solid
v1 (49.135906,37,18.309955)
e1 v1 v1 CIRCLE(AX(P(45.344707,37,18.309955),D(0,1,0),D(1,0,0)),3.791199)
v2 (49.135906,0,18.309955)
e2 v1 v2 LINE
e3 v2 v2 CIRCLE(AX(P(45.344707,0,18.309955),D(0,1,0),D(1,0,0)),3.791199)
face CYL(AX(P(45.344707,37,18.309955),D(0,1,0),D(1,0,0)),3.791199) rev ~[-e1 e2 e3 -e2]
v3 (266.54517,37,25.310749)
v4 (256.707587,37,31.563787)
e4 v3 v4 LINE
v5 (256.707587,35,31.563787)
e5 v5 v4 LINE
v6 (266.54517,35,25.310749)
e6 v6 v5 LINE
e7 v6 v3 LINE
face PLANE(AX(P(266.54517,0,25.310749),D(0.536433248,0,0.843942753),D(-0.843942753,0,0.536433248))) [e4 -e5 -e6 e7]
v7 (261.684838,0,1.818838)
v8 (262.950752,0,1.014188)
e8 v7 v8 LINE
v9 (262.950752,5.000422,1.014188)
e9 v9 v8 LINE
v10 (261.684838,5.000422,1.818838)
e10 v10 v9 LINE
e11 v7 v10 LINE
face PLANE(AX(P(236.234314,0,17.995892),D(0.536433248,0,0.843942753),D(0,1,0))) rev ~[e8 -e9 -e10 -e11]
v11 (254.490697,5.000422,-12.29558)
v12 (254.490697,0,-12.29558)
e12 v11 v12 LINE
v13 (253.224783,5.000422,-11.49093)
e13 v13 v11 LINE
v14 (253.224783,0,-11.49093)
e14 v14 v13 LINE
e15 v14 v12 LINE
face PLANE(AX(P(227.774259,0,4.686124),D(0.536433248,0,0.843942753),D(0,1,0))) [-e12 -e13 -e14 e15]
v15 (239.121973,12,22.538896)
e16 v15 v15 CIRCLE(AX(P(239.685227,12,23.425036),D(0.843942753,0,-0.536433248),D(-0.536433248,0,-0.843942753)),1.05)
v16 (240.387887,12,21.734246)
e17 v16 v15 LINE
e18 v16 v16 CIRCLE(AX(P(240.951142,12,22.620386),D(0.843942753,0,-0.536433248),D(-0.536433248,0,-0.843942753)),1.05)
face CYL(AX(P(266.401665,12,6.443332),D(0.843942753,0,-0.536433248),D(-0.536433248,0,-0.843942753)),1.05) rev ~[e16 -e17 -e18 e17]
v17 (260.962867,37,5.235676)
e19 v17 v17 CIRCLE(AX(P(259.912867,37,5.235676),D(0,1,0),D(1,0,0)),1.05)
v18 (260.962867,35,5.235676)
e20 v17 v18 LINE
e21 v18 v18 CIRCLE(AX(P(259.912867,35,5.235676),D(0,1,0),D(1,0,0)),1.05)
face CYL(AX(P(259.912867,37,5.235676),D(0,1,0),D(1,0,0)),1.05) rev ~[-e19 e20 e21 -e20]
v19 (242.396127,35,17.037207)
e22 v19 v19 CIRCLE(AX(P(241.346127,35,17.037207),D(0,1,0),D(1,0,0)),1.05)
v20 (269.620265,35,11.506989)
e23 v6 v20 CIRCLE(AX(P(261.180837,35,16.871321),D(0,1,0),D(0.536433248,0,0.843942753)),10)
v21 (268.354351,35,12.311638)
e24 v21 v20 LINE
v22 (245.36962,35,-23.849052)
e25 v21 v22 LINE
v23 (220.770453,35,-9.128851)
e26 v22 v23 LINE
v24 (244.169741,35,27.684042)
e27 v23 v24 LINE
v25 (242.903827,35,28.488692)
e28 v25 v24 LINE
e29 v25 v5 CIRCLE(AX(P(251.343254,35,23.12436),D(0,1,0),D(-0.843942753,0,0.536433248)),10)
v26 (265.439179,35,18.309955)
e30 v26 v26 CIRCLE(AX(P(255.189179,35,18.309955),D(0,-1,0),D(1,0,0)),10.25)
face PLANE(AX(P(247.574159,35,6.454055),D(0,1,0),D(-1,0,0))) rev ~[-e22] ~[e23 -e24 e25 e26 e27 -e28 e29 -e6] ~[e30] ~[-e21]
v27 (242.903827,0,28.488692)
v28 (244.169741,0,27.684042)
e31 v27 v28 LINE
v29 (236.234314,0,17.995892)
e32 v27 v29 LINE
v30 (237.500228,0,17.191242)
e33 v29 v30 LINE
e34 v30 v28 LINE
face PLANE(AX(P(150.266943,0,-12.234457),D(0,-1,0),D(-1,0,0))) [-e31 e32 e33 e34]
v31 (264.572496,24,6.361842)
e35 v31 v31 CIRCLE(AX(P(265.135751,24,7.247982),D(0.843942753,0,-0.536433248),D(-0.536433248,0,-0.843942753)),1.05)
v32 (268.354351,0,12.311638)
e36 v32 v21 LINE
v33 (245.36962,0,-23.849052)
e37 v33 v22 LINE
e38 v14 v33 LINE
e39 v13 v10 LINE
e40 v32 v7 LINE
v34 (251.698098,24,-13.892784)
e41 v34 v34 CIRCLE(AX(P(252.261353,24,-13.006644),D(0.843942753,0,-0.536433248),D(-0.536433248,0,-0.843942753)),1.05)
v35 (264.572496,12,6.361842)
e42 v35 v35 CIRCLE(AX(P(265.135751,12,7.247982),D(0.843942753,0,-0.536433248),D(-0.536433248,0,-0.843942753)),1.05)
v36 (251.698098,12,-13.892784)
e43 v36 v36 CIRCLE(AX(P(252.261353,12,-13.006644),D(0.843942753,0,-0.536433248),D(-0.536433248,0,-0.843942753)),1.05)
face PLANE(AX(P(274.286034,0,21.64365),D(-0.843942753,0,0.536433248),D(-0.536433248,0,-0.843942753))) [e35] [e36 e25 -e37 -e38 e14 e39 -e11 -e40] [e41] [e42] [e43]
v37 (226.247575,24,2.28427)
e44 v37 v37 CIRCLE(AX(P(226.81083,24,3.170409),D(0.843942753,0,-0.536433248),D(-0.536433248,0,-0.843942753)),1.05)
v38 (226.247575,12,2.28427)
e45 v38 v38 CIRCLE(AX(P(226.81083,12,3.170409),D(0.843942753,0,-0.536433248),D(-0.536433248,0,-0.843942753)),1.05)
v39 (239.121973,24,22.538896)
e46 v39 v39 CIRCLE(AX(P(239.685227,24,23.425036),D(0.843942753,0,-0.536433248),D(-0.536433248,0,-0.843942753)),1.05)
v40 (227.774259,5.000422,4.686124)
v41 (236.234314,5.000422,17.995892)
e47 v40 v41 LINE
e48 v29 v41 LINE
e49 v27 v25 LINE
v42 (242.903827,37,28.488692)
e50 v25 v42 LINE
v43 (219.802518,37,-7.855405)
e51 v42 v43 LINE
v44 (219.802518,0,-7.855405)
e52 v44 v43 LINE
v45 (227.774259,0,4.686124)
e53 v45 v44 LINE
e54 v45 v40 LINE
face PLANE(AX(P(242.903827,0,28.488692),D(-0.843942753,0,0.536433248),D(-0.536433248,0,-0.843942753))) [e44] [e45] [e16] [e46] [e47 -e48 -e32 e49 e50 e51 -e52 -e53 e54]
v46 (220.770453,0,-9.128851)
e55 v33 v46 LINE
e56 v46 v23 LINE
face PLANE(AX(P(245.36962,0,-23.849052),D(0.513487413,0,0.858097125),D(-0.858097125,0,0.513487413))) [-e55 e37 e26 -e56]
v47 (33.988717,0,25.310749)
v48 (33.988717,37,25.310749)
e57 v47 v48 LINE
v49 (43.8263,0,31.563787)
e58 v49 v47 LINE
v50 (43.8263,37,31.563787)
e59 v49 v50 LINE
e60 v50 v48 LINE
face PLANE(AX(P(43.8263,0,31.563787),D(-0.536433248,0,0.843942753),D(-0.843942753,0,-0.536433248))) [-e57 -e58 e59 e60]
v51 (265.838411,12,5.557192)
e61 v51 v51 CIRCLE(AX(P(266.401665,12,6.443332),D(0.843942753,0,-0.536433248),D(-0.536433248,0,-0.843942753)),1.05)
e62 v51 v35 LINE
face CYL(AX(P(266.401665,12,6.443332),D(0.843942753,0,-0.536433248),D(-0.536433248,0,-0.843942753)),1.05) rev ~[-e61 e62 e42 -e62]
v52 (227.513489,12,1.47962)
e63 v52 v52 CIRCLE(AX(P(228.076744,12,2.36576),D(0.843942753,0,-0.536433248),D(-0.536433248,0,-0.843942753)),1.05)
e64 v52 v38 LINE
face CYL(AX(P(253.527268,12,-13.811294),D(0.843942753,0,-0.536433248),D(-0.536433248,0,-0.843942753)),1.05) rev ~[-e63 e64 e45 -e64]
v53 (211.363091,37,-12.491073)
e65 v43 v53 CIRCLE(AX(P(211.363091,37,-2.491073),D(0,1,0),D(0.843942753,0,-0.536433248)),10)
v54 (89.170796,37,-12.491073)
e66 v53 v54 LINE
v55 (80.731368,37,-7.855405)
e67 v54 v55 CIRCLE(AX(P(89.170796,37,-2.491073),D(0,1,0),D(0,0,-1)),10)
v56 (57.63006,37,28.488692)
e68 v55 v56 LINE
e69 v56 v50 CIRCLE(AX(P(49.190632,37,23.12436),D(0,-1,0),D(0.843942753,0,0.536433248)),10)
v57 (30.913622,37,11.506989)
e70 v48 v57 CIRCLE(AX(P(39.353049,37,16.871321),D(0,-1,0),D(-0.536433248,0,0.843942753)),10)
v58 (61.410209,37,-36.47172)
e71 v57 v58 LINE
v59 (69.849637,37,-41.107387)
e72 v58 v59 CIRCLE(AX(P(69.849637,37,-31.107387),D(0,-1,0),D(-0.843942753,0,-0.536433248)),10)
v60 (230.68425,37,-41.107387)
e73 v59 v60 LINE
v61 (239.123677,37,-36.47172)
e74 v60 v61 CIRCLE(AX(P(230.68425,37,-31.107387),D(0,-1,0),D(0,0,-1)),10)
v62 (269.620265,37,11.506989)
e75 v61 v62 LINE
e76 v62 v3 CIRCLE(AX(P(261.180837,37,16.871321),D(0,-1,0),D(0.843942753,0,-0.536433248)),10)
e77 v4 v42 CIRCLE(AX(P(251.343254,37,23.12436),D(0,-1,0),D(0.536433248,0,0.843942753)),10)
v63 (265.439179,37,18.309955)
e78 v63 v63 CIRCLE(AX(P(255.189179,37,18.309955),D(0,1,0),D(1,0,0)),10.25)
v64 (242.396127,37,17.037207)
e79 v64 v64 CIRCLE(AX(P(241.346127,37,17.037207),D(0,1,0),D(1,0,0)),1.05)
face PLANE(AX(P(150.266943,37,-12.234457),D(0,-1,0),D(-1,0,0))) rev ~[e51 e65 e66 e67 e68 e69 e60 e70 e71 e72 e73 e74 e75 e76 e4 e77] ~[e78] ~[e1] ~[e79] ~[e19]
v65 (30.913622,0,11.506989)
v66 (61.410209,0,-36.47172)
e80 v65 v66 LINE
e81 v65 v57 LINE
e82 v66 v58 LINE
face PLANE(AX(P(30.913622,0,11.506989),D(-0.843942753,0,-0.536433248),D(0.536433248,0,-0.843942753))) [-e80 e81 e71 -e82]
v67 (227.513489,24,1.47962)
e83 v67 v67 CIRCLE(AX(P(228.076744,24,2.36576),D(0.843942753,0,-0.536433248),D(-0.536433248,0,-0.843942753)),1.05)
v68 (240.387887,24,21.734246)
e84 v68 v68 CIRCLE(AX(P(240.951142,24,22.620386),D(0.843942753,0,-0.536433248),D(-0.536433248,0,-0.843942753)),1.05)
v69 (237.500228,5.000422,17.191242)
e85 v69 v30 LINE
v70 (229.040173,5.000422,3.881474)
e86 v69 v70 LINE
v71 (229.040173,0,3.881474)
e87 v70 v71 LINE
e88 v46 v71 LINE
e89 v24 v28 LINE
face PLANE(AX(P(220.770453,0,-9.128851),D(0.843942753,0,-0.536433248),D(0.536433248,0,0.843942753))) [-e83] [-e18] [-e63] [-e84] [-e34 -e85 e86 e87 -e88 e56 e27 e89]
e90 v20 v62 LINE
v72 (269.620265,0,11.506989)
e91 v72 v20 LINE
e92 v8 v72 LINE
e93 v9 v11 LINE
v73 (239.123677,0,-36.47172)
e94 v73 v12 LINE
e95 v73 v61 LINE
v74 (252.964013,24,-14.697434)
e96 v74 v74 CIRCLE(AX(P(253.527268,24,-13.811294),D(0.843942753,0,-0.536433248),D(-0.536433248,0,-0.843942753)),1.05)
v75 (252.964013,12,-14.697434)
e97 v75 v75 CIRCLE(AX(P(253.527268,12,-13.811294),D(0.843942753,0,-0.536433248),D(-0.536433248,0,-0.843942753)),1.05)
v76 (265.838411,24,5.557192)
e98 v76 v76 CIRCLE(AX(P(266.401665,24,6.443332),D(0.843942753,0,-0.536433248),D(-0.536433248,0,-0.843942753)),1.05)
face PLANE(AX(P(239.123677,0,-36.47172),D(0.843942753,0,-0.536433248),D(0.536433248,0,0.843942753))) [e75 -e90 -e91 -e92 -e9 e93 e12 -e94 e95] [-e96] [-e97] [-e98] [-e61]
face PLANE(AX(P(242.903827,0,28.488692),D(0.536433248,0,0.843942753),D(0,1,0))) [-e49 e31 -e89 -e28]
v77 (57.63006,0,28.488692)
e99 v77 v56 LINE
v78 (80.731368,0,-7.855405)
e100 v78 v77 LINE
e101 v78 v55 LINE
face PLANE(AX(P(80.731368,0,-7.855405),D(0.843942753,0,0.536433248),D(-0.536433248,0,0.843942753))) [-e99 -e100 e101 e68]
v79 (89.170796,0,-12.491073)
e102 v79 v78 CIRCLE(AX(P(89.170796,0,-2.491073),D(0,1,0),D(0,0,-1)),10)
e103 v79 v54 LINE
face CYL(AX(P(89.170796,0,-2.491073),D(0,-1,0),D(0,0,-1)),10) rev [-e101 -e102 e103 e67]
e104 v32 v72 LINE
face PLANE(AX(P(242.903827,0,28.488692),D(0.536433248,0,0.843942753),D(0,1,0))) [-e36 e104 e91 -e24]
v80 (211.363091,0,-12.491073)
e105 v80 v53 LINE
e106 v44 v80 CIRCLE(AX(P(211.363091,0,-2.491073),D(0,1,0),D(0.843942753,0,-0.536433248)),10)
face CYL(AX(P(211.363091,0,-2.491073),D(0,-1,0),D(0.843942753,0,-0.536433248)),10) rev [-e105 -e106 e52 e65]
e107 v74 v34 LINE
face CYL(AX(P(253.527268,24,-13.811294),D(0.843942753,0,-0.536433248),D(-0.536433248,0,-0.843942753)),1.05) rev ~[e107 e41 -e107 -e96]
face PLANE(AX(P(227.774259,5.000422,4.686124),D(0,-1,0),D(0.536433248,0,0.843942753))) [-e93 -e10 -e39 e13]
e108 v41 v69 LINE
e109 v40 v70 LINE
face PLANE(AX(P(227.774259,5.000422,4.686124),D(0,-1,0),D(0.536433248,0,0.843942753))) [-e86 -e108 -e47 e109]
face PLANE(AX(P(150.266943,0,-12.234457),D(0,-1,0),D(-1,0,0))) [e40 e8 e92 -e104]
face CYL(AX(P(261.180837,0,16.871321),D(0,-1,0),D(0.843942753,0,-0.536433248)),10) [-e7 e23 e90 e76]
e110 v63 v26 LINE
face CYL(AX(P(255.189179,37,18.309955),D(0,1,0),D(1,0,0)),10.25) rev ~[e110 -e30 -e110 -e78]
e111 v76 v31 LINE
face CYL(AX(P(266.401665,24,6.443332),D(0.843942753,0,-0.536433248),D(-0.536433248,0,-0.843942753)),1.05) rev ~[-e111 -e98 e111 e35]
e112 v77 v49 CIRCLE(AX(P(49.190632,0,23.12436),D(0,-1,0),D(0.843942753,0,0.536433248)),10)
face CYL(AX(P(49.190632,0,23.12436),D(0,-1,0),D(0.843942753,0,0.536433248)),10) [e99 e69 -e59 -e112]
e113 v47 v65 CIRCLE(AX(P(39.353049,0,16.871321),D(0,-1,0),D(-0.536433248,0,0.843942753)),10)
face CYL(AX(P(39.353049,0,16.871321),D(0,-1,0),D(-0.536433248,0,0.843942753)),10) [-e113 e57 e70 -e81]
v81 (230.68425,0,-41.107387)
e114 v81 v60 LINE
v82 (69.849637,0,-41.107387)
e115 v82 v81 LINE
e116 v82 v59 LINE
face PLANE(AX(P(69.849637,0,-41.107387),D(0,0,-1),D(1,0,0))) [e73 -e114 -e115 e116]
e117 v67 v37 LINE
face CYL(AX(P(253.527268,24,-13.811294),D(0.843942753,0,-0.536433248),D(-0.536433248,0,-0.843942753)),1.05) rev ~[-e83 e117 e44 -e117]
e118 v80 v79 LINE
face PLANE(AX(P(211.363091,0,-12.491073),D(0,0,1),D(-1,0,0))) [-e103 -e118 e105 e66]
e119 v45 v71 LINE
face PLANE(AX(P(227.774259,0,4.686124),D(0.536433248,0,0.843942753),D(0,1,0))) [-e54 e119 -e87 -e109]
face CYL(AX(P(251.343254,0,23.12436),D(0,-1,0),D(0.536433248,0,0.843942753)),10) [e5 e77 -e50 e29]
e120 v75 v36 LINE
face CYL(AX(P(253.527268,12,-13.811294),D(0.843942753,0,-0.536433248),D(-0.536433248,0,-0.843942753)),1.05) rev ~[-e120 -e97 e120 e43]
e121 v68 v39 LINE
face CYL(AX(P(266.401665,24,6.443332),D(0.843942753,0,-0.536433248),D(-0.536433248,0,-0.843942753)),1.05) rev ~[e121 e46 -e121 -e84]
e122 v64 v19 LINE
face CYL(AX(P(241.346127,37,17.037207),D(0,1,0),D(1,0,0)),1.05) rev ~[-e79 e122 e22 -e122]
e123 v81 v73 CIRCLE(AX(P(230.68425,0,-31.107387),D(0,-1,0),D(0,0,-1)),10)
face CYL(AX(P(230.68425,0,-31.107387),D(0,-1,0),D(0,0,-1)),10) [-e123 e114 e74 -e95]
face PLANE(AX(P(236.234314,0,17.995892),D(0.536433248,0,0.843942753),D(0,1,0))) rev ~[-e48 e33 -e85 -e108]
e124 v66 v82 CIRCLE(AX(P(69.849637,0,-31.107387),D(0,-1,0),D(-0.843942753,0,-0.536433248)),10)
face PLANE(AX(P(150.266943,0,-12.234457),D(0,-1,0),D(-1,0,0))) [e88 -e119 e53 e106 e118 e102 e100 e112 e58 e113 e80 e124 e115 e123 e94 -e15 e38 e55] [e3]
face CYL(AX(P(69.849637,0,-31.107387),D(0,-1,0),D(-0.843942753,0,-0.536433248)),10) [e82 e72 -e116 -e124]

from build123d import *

# Parameters (mm, degrees)
BOSS_EXTRUDE1_DEPTH = 37
SKETCH3_R           = 10.25
SKETCH3_R_2         = 1.05
SKETCH3_R_3         = 3.79119947
CUT_EXTRUDE1_DEPTH  = 38
CUT_EXTRUDE5_DEPTH  = 35
SKETCH10_R          = 1.05
CUT_EXTRUDE6_DEPTH  = 35
SKETCH15_W          = 15.770937014
SKETCH15_H          = 5.000421699
CUT_EXTRUDE8_DEPTH  = 35
SKETCH17_W          = 10.43544962
SKETCH17_H          = 35
CUT_EXTRUDE10_DEPTH = 38


with BuildPart() as part:
    # Sketch1 → Boss-Extrude1 (new body)
    with BuildSketch(Plane(origin=(0, 0, 0), x_dir=(1, 0, 0), z_dir=(0, 1, 0))):
        with BuildLine():
            Line((30.91362152, -11.506988518), (61.410209359, 36.471719739))
            ThreePointArc((61.410209359, 36.471719739), (65.035248289, 39.872184028), (69.84963689, 41.10738726))
            Line((69.84963689, 41.10738726), (230.684249594, 41.10738726))
            ThreePointArc((230.684249594, 41.10738726), (235.498638195, 39.872184028), (239.123677125, 36.471719739))
            Line((239.123677125, 36.471719739), (269.620264964, -11.506988518))
            ThreePointArc((269.620264964, -11.506988518), (270.941569742, -19.045741561), (266.545169913, -25.310748528))
            Line((266.545169913, -25.310748528), (256.707586966, -31.563787081))
            ThreePointArc((256.707586966, -31.563787081), (249.168833923, -32.885091859), (242.903826956, -28.488692029))
            Line((242.903826956, -28.488692029), (219.802518103, 7.855405338))
            ThreePointArc((219.802518103, 7.855405338), (216.177479173, 11.255869627), (211.363090572, 12.491072858))
            Line((211.363090572, 12.491072858), (89.170795912, 12.491072858))
            ThreePointArc((89.170795912, 12.491072858), (84.356407311, 11.255869627), (80.731368381, 7.855405338))
            Line((80.731368381, 7.855405338), (57.630059528, -28.488692029))
            ThreePointArc((57.630059528, -28.488692029), (51.365052561, -32.885091859), (43.826299518, -31.563787081))
            Line((43.826299518, -31.563787081), (33.988716571, -25.310748528))
            ThreePointArc((33.988716571, -25.310748528), (29.592316741, -19.045741561), (30.91362152, -11.506988518))
        make_face()
    extrude(amount=BOSS_EXTRUDE1_DEPTH)

    # Sketch3 → Cut-Extrude1 (cut, through all)
    with BuildSketch(Plane(origin=(0, 37, 0), x_dir=(1, 0, 0), z_dir=(0, 1, 0))):
        with Locations((255.189179464, -18.309954767)):
            Circle(SKETCH3_R)
        with Locations((259.912867141, -5.235675639)):
            Circle(SKETCH3_R_2)
        with Locations((241.346126573, -17.037207093)):
            Circle(SKETCH3_R_2)
        with Locations((45.34470702, -18.309954767)):
            Circle(SKETCH3_R_3)
    extrude(amount=-CUT_EXTRUDE1_DEPTH, mode=Mode.SUBTRACT)

    # Sketch9 → Cut-Extrude5 (cut)
    with BuildSketch(Plane.XZ):
        Polygon((220.770453038, -9.128850504), (250.101424494, 37.016053635), (274.286034243, 21.643649867), (245.369620358, -23.849052233), align=None)
    extrude(amount=-CUT_EXTRUDE5_DEPTH, mode=Mode.SUBTRACT)

    # Sketch10 → Cut-Extrude6 (cut)
    with BuildSketch(Plane(origin=(186.824736014, 0, -118.750945563), x_dir=(-0.536433248, 0, -0.843942753), z_dir=(0.843942753, 0, -0.536433248))):
        with Locations((-148.344514011, 24)):
            Circle(SKETCH10_R)
        with Locations((-148.344514011, 12)):
            Circle(SKETCH10_R)
        with Locations((-124.344514011, 12)):
            Circle(SKETCH10_R)
        with Locations((-124.344514011, 24)):
            Circle(SKETCH10_R)
    extrude(amount=-CUT_EXTRUDE6_DEPTH, mode=Mode.SUBTRACT)

    # Sketch15 → Cut-Extrude8 (cut)
    with BuildSketch(Plane(origin=(160.108298005, 0, -101.769242052), x_dir=(0.536433248, 0, 0.843942753), z_dir=(-0.843942753, 0, 0.536433248))):
        with Locations((134.025974507, 2.50021085)):
            Rectangle(SKETCH15_W, SKETCH15_H)
    extrude(amount=-CUT_EXTRUDE8_DEPTH, mode=Mode.SUBTRACT)

    # Sketch17 → Cut-Extrude10 (cut)
    with BuildSketch(Plane(origin=(160.108298005, 0, -101.769242052), x_dir=(0.536433248, 0, 0.843942753), z_dir=(-0.843942753, 0, 0.536433248))):
        with Locations((159.562238821, 17.5)):
            Rectangle(SKETCH17_W, SKETCH17_H)
    extrude(amount=-CUT_EXTRUDE10_DEPTH, mode=Mode.SUBTRACT)


solid = part.part
